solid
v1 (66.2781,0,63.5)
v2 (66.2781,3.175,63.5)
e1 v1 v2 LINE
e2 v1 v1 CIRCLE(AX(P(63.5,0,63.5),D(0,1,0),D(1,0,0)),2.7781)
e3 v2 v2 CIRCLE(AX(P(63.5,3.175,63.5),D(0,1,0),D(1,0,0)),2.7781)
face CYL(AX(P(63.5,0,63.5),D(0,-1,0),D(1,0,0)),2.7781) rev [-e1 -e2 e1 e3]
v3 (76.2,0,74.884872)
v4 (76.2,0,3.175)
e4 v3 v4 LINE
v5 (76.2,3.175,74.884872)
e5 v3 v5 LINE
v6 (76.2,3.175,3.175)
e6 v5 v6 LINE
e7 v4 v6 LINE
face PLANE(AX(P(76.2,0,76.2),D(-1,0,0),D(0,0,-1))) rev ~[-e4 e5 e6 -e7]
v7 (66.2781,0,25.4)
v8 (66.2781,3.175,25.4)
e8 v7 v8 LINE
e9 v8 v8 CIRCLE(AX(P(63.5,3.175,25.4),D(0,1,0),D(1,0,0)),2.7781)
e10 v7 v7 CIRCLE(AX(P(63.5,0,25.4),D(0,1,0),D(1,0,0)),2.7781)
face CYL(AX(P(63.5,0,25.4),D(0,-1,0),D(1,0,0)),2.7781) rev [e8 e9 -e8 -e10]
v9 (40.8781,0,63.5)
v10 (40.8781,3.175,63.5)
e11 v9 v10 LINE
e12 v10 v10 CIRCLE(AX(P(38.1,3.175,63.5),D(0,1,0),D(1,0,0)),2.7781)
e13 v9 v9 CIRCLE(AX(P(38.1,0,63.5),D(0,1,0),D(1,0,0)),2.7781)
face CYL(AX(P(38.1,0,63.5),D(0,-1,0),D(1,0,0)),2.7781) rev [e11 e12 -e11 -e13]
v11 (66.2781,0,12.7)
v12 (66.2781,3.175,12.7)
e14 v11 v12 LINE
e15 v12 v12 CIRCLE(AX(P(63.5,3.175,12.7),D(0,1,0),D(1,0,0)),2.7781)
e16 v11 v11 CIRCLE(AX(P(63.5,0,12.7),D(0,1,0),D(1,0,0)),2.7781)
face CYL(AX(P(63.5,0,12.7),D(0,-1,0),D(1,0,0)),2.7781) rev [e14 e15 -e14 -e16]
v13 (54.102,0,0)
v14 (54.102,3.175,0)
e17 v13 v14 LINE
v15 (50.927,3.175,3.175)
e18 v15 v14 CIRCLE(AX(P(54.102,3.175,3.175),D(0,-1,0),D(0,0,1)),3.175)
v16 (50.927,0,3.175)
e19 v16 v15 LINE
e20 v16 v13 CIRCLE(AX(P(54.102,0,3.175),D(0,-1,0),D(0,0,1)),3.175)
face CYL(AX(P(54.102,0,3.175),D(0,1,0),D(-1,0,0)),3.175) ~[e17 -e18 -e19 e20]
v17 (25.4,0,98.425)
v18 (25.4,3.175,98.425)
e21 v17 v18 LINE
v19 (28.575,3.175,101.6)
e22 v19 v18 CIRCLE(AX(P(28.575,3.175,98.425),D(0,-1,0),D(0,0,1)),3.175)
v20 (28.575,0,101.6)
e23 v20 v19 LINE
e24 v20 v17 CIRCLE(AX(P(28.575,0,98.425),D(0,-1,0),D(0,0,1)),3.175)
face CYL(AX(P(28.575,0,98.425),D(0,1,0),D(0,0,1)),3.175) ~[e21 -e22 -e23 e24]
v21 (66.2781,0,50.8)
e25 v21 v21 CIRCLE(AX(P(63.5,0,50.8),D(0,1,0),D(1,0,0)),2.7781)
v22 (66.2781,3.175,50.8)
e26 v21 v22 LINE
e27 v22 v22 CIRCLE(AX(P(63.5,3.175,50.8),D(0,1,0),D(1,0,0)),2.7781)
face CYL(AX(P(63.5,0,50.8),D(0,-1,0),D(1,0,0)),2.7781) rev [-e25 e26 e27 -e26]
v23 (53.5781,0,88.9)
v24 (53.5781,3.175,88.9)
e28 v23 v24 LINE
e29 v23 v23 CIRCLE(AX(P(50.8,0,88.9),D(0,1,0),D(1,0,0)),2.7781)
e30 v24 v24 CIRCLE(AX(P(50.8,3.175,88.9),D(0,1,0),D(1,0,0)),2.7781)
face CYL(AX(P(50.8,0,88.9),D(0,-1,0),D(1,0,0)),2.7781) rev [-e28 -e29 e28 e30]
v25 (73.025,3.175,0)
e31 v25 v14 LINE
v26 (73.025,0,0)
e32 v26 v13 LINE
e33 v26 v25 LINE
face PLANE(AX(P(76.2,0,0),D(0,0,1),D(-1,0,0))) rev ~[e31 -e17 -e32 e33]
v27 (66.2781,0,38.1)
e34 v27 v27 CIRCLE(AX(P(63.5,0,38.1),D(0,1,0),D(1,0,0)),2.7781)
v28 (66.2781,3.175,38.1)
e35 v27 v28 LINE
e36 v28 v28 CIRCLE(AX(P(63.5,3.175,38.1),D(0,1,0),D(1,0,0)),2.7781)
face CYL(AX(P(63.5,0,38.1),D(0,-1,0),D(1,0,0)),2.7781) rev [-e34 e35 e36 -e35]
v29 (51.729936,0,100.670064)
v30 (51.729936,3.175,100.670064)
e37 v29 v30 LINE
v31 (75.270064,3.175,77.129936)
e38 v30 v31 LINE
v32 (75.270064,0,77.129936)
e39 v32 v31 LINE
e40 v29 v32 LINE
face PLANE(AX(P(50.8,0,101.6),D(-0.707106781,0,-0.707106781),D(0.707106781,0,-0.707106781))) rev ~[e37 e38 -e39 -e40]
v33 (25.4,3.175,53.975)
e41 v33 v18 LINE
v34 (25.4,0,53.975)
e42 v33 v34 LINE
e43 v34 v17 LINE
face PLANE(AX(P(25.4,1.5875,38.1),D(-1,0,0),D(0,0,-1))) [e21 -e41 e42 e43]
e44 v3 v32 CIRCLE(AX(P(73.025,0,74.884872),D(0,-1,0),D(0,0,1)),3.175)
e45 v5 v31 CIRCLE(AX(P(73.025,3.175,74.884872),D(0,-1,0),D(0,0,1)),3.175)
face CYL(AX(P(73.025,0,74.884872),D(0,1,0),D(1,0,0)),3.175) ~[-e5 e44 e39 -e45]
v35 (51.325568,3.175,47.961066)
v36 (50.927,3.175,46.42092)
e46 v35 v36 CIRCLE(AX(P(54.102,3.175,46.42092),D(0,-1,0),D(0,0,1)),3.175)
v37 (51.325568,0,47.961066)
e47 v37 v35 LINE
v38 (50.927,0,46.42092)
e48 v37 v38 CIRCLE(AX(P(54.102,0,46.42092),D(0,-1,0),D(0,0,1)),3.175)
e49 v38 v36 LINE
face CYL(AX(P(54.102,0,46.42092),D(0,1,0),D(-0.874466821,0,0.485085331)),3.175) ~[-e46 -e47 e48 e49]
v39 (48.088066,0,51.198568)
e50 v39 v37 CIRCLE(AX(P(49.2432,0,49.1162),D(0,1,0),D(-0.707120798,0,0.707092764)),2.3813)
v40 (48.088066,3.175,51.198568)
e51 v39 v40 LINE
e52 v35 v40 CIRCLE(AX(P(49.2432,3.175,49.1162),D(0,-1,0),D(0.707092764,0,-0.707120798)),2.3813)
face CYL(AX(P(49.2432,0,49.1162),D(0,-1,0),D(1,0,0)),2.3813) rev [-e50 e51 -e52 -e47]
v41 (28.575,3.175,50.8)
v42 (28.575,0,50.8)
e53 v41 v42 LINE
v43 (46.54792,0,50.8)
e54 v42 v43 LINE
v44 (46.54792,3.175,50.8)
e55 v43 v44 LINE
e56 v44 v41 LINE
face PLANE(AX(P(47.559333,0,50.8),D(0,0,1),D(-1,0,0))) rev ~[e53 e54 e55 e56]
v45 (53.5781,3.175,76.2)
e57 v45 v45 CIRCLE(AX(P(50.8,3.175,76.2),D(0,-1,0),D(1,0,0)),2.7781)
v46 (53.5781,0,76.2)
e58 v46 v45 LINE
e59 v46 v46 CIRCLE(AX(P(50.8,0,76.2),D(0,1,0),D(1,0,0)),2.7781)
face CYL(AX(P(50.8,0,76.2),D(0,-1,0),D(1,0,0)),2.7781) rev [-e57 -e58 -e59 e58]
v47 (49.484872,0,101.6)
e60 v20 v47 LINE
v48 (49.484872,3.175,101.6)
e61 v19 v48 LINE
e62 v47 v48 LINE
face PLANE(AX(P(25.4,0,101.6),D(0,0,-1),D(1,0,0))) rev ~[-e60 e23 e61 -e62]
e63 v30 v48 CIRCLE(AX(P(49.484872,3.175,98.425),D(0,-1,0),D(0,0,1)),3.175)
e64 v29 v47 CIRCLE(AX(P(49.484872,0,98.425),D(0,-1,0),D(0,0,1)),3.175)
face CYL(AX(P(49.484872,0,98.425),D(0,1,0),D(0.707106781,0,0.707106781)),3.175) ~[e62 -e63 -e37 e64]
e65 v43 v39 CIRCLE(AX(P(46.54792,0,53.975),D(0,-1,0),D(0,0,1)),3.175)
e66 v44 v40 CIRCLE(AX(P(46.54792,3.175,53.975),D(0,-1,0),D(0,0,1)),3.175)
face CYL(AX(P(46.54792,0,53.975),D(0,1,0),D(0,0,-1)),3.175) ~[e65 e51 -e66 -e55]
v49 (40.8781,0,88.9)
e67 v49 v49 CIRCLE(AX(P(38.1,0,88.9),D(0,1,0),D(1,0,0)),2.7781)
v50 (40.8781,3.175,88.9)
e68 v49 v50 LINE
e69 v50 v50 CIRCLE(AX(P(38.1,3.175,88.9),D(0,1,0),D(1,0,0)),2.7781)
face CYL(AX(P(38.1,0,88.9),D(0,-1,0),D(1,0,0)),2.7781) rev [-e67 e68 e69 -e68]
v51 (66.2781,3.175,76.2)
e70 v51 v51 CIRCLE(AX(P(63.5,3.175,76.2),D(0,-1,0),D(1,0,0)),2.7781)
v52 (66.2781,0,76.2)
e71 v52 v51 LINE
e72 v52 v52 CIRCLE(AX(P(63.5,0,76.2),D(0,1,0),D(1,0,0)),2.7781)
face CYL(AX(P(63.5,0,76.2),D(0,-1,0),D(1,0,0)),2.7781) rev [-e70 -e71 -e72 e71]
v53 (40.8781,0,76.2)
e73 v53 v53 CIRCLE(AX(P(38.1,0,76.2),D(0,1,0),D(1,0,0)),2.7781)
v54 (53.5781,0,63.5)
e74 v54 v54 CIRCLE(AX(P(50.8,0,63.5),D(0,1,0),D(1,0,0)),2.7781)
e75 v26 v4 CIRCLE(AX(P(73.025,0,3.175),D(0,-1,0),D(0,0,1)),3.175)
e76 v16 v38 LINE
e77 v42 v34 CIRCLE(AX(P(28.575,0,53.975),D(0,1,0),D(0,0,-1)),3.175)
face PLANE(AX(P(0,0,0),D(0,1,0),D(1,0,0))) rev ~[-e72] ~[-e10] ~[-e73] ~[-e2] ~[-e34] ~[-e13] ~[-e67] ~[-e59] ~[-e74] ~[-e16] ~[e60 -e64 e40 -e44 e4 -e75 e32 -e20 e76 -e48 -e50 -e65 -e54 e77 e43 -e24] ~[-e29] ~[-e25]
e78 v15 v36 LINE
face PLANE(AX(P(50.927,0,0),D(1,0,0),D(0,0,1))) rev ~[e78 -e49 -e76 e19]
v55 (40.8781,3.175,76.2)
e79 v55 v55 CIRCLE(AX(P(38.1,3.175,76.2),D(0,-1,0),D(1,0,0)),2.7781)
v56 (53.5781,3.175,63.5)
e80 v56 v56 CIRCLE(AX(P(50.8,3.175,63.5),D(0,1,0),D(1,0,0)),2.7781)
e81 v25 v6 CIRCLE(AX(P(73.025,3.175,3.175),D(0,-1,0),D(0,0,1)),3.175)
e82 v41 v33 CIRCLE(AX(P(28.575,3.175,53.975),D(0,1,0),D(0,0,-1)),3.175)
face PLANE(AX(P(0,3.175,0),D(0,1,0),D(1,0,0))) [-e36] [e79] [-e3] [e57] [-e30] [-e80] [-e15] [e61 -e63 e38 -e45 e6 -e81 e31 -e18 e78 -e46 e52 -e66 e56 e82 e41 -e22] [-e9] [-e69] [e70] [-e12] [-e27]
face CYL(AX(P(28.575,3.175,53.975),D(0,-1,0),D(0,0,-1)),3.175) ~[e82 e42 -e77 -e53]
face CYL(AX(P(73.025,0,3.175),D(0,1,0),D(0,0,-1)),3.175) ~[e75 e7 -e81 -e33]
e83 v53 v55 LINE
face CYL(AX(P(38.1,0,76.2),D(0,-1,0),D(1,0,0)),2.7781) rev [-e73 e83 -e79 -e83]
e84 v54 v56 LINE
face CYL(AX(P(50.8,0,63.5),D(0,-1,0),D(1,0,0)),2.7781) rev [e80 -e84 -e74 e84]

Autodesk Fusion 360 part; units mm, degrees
sketch "Sketch1" plane through (0, 0, 0) normal (0, 1, 0) x (1, 0, 0)
  line L0 (0, 0) -> (0, -76.2)
  line L1 (0, -76.2) -> (76.2, -76.2)
  line L2 (76.2, -76.2) -> (76.2, 0)
  line L3 (76.2, 0) -> (50.927, 0)
  line L4 (50.927, 0) -> (50.927, -50.8)
  line L5 (50.927, -50.8) -> (25.273, -50.8)
  line L6 (25.273, -50.8) -> (25.273, 0)
  line L7 (25.273, 0) -> (0, 0)
  line L8 (12.7, 0) -> (12.7, -76.2) construction
  line L9 (38.1, -50.8) -> (38.1, -76.2) construction
  circle A0 centre (26.9568, -49.1162) radius 2.3813
  line L10 (26.9568, -49.1162) -> (26.9568, -50.8) construction
  line L11 (26.9568, -49.1162) -> (25.273, -49.1162) construction
  circle A1 centre (12.7, -12.7) radius 2.7781
  circle A2 centre (12.7, -25.4) radius 2.7781
  line L12 (12.7, -12.7) -> (12.7, -88.9) construction
  circle A3 centre (12.7, -38.1) radius 2.7781
  line L13 (12.7, -25.4) -> (12.7, -101.6) construction
  circle A4 centre (12.7, -50.8) radius 2.7781
  line L14 (12.7, -38.1) -> (12.7, -114.3) construction
  circle A5 centre (12.7, -63.5) radius 2.7781
  line L15 (12.7, -50.8) -> (12.7, -127) construction
  circle A6 centre (63.5, -38.1) radius 2.7781
  circle A7 centre (63.5, -50.8) radius 2.7781
  circle A8 centre (63.5, -63.5) radius 2.7781
  circle A9 centre (63.5, -25.4) radius 2.7781
  circle A10 centre (63.5, -12.7) radius 2.7781
  circle A11 centre (49.2432, -49.1162) radius 2.3813
  circle A12 centre (38.1, -63.5) radius 2.7781
  line L16 (0, -76.2) -> (25.4, -101.6)
  line L17 (25.4, -101.6) -> (50.8, -101.6)
  line L18 (50.8, -101.6) -> (76.2, -76.2)
  circle A13 centre (38.1, -76.2) radius 2.7781
  circle A14 centre (38.1, -88.9) radius 2.7781
  circle A15 centre (25.4, -63.5) radius 2.7781
  circle A16 centre (25.4, -76.2) radius 2.7781
  circle A17 centre (25.4, -88.9) radius 2.7781
  circle A18 centre (12.7, -76.2) radius 2.7781
  circle A19 centre (50.8, -63.5) radius 2.7781
  circle A20 centre (50.8, -76.2) radius 2.7781
  circle A21 centre (50.8, -88.9) radius 2.7781
  circle A22 centre (63.5, -76.2) radius 2.7781
  dimension "d1" = 76.2
  dimension "d3" = 25.654
  dimension "d4" = 50.8
  dimension "d6" = 76.2
  dimension "d7" = 12.7
  dimension "d8" = 4.7625
  dimension "d9" = 5.5563
  dimension "d10" = 12.7
  dimension "d13" = 0
  dimension "d14" = -50.8
  dimension "d17" = 25.4
  dimension "d18" = 0
  dimension "d25" = 25.4
  dimension "d26" = 25.4
  dimension "d29" = 25.4
  dimension "d30" = 0
  dimension "d33" = 12.7
  dimension "d34" = 0
  dimension "d37" = 0
  dimension "d38" = -25.4
  dimension "d41" = 0
  dimension "d42" = -12.7
extrude "Extrude1" add sketch "Sketch1" along normal blind 3.175 contours L0 L1 L2 L3 L4 L5 L6 L7 A0 A11 A13 A16 A18 A20 A22 | L1 L16 L17 L18 A13 A16 A18 A20 A22 | L1 A18 | L1 A18 | L6 A0 | L5 A0 | L1 A16 | L1 A16 | A1 | A2 | A3 | A4 | A5 | A15 | A17 makes body 1
ref_plane "WorkPlane1" through (25.4, 1.5875, 38.1) normal (-1, 0, 0) x (0, 0, 1)
split "Split1" by plane through (25.4, 1.5875, 38.1) normal (-1, 0, 0) bodies 1 makes body 2 at (8.4243, 0, 42.3333)
delete_body "RemoveBody1" bodies 2
fillet "Fillet1" radius 3.175 6 edges at (50.927, 1.5875, 0) (76.2, 1.5875, 0) (50.8, 1.5875, 101.6) (76.2, 1.5875, 76.2) (25.4, 1.5875, 101.6) (25.4, 1.5875, 50.8) on bodies 1
fillet "Fillet1" radius 3.175 2 edges at (47.5594, 1.5875, 50.8) (50.927, 1.5875, 47.4324) on bodies 1
sketch "DXF" plane through (0, 0, 0) normal (0, -1, 0) x (1, 0, 0)
  arc A0 (51.3255, 47.9611) -> (50.927, 46.421) centre (54.102, 46.421) ccw
  line L0 (50.927, 46.421) -> (50.927, 3.175)
  arc A1 (50.927, 3.175) -> (54.102, 0) centre (54.102, 3.175) ccw
  line L1 (54.102, 0) -> (73.025, 0)
  arc A2 (73.025, 0) -> (76.2, 3.175) centre (73.025, 3.175) ccw
  line L2 (76.2, 3.175) -> (76.2, 74.8849)
  arc A3 (76.2, 74.8849) -> (75.2701, 77.1299) centre (73.025, 74.8849) ccw
  line L3 (75.2701, 77.1299) -> (51.7299, 100.6701)
  arc A4 (51.7299, 100.6701) -> (49.4849, 101.6) centre (49.4849, 98.425) ccw
  line L4 (49.4849, 101.6) -> (28.575, 101.6)
  arc A5 (28.575, 101.6) -> (25.4, 98.425) centre (28.575, 98.425) ccw
  line L5 (25.4, 98.425) -> (25.4, 53.975)
  arc A6 (25.4, 53.975) -> (28.575, 50.8) centre (28.575, 53.975) ccw
  line L6 (28.575, 50.8) -> (46.548, 50.8)
  arc A7 (46.548, 50.8) -> (48.0881, 51.1985) centre (46.548, 53.975) ccw
  arc A8 (51.3255, 47.9611) -> (48.0881, 51.1985) centre (49.2432, 49.1162) ccw
  circle A9 centre (50.8, 88.9) radius 2.7781
  circle A10 centre (50.8, 63.5) radius 2.7781
  circle A11 centre (63.5, 25.4) radius 2.7781
  circle A12 centre (38.1, 88.9) radius 2.7781
  circle A13 centre (38.1, 63.5) radius 2.7781
  circle A14 centre (63.5, 50.8) radius 2.7781
  circle A15 centre (63.5, 63.5) radius 2.7781
  circle A16 centre (63.5, 38.1) radius 2.7781
  circle A17 centre (50.8, 76.2) radius 2.7781
  circle A18 centre (38.1, 76.2) radius 2.7781
  circle A19 centre (63.5, 12.7) radius 2.7781
  circle A20 centre (63.5, 76.2) radius 2.7781
equation "TOLERANCE = 0.01 in"
equation "d3 = 1 in + TOLERANCE"
equation "d9 = ( 7 / 32 ) * 1 in"
